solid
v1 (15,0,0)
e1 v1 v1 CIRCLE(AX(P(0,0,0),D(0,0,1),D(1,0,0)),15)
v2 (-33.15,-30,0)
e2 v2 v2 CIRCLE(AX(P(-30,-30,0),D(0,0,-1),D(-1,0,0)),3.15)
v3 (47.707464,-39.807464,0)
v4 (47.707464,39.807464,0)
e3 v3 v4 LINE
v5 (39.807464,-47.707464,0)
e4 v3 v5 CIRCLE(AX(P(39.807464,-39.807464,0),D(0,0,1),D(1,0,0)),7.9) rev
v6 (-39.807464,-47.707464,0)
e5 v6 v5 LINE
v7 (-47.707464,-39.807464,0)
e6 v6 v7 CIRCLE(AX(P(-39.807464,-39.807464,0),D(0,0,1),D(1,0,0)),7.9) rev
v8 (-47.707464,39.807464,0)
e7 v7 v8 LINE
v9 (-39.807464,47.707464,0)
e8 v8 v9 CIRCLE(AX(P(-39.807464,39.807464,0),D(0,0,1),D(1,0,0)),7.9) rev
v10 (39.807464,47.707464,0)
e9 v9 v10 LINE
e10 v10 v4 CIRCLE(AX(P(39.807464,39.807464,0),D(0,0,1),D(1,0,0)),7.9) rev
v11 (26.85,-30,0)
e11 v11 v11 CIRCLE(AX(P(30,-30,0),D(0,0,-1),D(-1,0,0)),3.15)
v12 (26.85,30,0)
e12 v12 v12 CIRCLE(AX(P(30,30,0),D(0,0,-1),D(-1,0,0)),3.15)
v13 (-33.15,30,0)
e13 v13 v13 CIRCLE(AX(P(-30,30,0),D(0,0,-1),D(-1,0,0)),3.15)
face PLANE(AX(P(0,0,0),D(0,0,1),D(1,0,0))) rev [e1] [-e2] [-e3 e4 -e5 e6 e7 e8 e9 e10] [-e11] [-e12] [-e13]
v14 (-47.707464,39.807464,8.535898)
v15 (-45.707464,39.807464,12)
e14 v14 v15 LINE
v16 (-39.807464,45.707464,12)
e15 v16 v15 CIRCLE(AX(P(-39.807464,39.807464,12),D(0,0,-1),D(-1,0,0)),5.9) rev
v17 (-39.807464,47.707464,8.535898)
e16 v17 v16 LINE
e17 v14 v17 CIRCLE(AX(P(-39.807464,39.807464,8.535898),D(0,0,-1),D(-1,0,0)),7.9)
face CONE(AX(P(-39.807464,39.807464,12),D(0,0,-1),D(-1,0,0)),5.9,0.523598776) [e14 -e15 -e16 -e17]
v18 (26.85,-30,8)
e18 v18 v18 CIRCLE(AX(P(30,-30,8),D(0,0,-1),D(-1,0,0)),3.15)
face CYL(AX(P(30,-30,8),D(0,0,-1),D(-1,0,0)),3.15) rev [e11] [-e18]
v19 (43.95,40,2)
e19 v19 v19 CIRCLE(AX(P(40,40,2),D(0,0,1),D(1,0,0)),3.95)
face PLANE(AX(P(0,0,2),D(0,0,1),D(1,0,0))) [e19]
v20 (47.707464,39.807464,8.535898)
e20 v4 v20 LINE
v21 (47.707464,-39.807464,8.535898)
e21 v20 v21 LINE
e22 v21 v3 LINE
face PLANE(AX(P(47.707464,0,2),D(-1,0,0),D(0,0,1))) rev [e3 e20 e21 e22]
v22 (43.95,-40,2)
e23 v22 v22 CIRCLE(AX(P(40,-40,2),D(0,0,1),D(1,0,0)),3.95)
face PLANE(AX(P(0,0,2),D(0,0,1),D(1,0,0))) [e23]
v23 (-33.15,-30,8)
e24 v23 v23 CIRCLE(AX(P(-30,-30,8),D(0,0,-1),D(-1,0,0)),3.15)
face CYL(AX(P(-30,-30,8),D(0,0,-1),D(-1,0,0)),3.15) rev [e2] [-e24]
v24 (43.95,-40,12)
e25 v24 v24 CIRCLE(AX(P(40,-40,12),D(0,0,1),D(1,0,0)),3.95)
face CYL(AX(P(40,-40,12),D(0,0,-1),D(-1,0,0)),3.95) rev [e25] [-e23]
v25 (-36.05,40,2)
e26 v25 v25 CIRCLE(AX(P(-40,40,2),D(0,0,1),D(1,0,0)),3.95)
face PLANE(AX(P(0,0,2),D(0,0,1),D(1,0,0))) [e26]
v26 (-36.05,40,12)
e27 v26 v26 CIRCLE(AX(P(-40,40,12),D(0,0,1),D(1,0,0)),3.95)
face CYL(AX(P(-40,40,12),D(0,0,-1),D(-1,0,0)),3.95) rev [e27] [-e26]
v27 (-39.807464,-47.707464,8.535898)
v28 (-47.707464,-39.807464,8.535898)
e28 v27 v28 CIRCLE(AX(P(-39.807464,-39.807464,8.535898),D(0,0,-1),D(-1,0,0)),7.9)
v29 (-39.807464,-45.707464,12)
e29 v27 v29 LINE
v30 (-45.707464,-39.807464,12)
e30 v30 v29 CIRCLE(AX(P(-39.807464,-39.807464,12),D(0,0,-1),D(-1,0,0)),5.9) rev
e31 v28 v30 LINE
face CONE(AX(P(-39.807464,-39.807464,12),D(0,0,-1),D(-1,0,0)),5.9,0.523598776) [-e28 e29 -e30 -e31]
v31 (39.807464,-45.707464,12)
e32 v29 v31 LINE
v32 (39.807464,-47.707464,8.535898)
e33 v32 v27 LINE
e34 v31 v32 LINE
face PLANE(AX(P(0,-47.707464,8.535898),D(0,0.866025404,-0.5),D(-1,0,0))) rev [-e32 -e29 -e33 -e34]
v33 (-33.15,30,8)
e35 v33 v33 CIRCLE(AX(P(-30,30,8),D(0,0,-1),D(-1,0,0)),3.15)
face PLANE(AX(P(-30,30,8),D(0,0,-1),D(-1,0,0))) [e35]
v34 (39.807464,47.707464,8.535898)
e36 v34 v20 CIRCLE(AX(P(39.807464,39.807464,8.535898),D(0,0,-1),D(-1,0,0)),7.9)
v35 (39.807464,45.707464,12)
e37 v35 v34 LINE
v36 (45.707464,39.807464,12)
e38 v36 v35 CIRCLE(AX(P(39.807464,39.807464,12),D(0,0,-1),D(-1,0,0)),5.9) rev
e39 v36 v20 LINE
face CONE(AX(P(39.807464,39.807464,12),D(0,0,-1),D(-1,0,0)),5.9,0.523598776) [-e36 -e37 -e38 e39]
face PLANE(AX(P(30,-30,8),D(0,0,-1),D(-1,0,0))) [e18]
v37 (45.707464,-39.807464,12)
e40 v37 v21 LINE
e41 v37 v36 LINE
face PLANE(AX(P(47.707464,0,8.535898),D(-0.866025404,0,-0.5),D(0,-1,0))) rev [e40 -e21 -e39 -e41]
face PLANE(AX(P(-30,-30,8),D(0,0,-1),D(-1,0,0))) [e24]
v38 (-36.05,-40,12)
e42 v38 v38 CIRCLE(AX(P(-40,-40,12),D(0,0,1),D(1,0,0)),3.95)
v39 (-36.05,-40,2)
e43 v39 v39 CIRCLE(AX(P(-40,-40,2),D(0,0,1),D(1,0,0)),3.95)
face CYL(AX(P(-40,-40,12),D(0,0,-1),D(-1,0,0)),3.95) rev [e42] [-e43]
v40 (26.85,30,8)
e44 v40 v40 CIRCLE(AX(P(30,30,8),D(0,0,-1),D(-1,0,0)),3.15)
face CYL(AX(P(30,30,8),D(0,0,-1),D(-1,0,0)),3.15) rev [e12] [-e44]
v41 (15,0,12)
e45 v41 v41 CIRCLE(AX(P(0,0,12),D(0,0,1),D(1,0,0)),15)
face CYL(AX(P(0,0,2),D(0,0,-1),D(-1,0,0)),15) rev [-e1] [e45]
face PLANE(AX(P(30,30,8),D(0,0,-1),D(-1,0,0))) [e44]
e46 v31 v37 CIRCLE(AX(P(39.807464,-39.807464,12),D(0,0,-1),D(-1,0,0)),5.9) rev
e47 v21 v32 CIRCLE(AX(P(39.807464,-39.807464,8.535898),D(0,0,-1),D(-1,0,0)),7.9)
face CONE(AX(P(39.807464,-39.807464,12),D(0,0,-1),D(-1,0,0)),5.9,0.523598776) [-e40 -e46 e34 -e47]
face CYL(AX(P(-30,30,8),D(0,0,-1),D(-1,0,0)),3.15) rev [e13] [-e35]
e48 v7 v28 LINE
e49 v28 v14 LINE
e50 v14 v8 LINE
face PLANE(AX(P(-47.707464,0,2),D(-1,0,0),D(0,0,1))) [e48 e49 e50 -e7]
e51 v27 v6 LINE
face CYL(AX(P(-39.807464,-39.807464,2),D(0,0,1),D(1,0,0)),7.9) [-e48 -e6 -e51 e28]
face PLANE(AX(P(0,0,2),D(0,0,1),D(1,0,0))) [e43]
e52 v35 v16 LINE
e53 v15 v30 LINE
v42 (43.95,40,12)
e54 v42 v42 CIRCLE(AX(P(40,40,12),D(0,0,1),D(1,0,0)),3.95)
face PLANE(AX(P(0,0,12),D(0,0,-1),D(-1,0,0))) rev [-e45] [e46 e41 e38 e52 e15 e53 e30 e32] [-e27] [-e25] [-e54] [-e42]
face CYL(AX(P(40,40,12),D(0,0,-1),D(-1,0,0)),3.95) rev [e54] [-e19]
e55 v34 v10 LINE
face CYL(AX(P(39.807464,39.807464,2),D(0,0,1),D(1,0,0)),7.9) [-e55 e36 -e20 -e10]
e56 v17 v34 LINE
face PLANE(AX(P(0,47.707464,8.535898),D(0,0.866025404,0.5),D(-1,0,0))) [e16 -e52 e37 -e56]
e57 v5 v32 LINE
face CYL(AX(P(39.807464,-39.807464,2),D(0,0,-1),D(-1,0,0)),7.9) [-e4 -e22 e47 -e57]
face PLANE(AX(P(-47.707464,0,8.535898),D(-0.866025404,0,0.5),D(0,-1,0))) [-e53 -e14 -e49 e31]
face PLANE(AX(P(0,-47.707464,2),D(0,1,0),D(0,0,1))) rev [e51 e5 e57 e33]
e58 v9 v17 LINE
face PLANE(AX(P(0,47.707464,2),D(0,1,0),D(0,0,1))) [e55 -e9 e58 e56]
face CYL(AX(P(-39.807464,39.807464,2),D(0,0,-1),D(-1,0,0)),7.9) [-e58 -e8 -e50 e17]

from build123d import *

# Parameters (mm, degrees)
ESQUISSE1_W             = 95.41492783
ESQUISSE1_H             = 95.41492783
ESQUISSE1_R             = 3.95
ESQUISSE1_R_2           = 15
BOSS_EXTRU_1_DEPTH      = 2
BOSS_EXTRU_2_START      = 2
ESQUISSE1_3_W           = 95.41492783
ESQUISSE1_3_H           = 95.41492783
ESQUISSE1_3_R           = 15
ESQUISSE1_3_R_2         = 3.95
BOSS_EXTRU_2_DEPTH      = 10
CONG_1_R                = 7.9
CHANFREIN1_SIZE         = 2
CHANFREIN1_SIZE2        = 3.464101615
ESQUISSE4_R             = 3.15
ENL_V_MAT_EXTRU_2_DEPTH = 8


with BuildPart() as part:
    # Esquisse1 → Boss.-Extru.1 (new body)
    with BuildSketch(Plane.XY):
        Rectangle(ESQUISSE1_W, ESQUISSE1_H)
        with Locations((-40, -40)):
            Circle(ESQUISSE1_R, mode=Mode.SUBTRACT)
        with Locations((40, -40)):
            Circle(ESQUISSE1_R, mode=Mode.SUBTRACT)
        with Locations((40, 40)):
            Circle(ESQUISSE1_R, mode=Mode.SUBTRACT)
        with Locations((-40, 40)):
            Circle(ESQUISSE1_R, mode=Mode.SUBTRACT)
        Circle(ESQUISSE1_R_2, mode=Mode.SUBTRACT)
        with Locations((-40, -40)):
            Circle(ESQUISSE1_R)
        with Locations((40, -40)):
            Circle(ESQUISSE1_R)
        with Locations((40, 40)):
            Circle(ESQUISSE1_R)
        with Locations((-40, 40)):
            Circle(ESQUISSE1_R)
    extrude(amount=BOSS_EXTRU_1_DEPTH)

    # Esquisse1<3> → Boss.-Extru.2 (add)
    with BuildSketch(Plane.XY.offset(BOSS_EXTRU_2_START)):
        Rectangle(ESQUISSE1_3_W, ESQUISSE1_3_H)
        Circle(ESQUISSE1_3_R, mode=Mode.SUBTRACT)
        with Locations((-40, 40)):
            Circle(ESQUISSE1_3_R_2, mode=Mode.SUBTRACT)
        with Locations((40, 40)):
            Circle(ESQUISSE1_3_R_2, mode=Mode.SUBTRACT)
        with Locations((40, -40)):
            Circle(ESQUISSE1_3_R_2, mode=Mode.SUBTRACT)
        with Locations((-40, -40)):
            Circle(ESQUISSE1_3_R_2, mode=Mode.SUBTRACT)
    extrude(amount=BOSS_EXTRU_2_DEPTH)

    # Congé1
    cong_1_edges = [part.edges().sort_by_distance(p)[0] for p in [
        (-47.707463915, -47.707463915, 6),
        (-47.707463915, 47.707463915, 6),
        (47.707463915, 47.707463915, 6),
        (47.707463915, -47.707463915, 6),
    ]]
    fillet(cong_1_edges, radius=CONG_1_R)

    # Chanfrein1
    chanfrein1_edges = [part.edges().sort_by_distance(p)[0] for p in [
        (0, 47.707463915, 12),
        (47.707463915, 0, 12),
        (-47.707463915, 0, 12),
        (0, -47.707463915, 12),
        (-45.393607486, 45.393607486, 12),
        (-45.393607486, -45.393607486, 12),
        (45.393607486, -45.393607486, 12),
        (45.393607486, 45.393607486, 12),
    ]]
    chanfrein1_side = [part.faces().sort_by_distance(p)[0] for p in [
        (0, -46.358093065, 12),
    ]]
    chamfer(chanfrein1_edges, length=CHANFREIN1_SIZE, length2=CHANFREIN1_SIZE2, reference=chanfrein1_side[0])

    # Esquisse4 → Enlèv. mat.-Extru.2 (cut)
    with BuildSketch(Plane(origin=(0, 0, 0), x_dir=(-1, 0, 0), z_dir=(0, 0, -1))):
        with Locations((-30, 30)):
            Circle(ESQUISSE4_R)
        with Locations((-30, -30)):
            Circle(ESQUISSE4_R)
        with Locations((30, -30)):
            Circle(ESQUISSE4_R)
        with Locations((30, 30)):
            Circle(ESQUISSE4_R)
    extrude(amount=-ENL_V_MAT_EXTRU_2_DEPTH, mode=Mode.SUBTRACT)


solid = part.part
